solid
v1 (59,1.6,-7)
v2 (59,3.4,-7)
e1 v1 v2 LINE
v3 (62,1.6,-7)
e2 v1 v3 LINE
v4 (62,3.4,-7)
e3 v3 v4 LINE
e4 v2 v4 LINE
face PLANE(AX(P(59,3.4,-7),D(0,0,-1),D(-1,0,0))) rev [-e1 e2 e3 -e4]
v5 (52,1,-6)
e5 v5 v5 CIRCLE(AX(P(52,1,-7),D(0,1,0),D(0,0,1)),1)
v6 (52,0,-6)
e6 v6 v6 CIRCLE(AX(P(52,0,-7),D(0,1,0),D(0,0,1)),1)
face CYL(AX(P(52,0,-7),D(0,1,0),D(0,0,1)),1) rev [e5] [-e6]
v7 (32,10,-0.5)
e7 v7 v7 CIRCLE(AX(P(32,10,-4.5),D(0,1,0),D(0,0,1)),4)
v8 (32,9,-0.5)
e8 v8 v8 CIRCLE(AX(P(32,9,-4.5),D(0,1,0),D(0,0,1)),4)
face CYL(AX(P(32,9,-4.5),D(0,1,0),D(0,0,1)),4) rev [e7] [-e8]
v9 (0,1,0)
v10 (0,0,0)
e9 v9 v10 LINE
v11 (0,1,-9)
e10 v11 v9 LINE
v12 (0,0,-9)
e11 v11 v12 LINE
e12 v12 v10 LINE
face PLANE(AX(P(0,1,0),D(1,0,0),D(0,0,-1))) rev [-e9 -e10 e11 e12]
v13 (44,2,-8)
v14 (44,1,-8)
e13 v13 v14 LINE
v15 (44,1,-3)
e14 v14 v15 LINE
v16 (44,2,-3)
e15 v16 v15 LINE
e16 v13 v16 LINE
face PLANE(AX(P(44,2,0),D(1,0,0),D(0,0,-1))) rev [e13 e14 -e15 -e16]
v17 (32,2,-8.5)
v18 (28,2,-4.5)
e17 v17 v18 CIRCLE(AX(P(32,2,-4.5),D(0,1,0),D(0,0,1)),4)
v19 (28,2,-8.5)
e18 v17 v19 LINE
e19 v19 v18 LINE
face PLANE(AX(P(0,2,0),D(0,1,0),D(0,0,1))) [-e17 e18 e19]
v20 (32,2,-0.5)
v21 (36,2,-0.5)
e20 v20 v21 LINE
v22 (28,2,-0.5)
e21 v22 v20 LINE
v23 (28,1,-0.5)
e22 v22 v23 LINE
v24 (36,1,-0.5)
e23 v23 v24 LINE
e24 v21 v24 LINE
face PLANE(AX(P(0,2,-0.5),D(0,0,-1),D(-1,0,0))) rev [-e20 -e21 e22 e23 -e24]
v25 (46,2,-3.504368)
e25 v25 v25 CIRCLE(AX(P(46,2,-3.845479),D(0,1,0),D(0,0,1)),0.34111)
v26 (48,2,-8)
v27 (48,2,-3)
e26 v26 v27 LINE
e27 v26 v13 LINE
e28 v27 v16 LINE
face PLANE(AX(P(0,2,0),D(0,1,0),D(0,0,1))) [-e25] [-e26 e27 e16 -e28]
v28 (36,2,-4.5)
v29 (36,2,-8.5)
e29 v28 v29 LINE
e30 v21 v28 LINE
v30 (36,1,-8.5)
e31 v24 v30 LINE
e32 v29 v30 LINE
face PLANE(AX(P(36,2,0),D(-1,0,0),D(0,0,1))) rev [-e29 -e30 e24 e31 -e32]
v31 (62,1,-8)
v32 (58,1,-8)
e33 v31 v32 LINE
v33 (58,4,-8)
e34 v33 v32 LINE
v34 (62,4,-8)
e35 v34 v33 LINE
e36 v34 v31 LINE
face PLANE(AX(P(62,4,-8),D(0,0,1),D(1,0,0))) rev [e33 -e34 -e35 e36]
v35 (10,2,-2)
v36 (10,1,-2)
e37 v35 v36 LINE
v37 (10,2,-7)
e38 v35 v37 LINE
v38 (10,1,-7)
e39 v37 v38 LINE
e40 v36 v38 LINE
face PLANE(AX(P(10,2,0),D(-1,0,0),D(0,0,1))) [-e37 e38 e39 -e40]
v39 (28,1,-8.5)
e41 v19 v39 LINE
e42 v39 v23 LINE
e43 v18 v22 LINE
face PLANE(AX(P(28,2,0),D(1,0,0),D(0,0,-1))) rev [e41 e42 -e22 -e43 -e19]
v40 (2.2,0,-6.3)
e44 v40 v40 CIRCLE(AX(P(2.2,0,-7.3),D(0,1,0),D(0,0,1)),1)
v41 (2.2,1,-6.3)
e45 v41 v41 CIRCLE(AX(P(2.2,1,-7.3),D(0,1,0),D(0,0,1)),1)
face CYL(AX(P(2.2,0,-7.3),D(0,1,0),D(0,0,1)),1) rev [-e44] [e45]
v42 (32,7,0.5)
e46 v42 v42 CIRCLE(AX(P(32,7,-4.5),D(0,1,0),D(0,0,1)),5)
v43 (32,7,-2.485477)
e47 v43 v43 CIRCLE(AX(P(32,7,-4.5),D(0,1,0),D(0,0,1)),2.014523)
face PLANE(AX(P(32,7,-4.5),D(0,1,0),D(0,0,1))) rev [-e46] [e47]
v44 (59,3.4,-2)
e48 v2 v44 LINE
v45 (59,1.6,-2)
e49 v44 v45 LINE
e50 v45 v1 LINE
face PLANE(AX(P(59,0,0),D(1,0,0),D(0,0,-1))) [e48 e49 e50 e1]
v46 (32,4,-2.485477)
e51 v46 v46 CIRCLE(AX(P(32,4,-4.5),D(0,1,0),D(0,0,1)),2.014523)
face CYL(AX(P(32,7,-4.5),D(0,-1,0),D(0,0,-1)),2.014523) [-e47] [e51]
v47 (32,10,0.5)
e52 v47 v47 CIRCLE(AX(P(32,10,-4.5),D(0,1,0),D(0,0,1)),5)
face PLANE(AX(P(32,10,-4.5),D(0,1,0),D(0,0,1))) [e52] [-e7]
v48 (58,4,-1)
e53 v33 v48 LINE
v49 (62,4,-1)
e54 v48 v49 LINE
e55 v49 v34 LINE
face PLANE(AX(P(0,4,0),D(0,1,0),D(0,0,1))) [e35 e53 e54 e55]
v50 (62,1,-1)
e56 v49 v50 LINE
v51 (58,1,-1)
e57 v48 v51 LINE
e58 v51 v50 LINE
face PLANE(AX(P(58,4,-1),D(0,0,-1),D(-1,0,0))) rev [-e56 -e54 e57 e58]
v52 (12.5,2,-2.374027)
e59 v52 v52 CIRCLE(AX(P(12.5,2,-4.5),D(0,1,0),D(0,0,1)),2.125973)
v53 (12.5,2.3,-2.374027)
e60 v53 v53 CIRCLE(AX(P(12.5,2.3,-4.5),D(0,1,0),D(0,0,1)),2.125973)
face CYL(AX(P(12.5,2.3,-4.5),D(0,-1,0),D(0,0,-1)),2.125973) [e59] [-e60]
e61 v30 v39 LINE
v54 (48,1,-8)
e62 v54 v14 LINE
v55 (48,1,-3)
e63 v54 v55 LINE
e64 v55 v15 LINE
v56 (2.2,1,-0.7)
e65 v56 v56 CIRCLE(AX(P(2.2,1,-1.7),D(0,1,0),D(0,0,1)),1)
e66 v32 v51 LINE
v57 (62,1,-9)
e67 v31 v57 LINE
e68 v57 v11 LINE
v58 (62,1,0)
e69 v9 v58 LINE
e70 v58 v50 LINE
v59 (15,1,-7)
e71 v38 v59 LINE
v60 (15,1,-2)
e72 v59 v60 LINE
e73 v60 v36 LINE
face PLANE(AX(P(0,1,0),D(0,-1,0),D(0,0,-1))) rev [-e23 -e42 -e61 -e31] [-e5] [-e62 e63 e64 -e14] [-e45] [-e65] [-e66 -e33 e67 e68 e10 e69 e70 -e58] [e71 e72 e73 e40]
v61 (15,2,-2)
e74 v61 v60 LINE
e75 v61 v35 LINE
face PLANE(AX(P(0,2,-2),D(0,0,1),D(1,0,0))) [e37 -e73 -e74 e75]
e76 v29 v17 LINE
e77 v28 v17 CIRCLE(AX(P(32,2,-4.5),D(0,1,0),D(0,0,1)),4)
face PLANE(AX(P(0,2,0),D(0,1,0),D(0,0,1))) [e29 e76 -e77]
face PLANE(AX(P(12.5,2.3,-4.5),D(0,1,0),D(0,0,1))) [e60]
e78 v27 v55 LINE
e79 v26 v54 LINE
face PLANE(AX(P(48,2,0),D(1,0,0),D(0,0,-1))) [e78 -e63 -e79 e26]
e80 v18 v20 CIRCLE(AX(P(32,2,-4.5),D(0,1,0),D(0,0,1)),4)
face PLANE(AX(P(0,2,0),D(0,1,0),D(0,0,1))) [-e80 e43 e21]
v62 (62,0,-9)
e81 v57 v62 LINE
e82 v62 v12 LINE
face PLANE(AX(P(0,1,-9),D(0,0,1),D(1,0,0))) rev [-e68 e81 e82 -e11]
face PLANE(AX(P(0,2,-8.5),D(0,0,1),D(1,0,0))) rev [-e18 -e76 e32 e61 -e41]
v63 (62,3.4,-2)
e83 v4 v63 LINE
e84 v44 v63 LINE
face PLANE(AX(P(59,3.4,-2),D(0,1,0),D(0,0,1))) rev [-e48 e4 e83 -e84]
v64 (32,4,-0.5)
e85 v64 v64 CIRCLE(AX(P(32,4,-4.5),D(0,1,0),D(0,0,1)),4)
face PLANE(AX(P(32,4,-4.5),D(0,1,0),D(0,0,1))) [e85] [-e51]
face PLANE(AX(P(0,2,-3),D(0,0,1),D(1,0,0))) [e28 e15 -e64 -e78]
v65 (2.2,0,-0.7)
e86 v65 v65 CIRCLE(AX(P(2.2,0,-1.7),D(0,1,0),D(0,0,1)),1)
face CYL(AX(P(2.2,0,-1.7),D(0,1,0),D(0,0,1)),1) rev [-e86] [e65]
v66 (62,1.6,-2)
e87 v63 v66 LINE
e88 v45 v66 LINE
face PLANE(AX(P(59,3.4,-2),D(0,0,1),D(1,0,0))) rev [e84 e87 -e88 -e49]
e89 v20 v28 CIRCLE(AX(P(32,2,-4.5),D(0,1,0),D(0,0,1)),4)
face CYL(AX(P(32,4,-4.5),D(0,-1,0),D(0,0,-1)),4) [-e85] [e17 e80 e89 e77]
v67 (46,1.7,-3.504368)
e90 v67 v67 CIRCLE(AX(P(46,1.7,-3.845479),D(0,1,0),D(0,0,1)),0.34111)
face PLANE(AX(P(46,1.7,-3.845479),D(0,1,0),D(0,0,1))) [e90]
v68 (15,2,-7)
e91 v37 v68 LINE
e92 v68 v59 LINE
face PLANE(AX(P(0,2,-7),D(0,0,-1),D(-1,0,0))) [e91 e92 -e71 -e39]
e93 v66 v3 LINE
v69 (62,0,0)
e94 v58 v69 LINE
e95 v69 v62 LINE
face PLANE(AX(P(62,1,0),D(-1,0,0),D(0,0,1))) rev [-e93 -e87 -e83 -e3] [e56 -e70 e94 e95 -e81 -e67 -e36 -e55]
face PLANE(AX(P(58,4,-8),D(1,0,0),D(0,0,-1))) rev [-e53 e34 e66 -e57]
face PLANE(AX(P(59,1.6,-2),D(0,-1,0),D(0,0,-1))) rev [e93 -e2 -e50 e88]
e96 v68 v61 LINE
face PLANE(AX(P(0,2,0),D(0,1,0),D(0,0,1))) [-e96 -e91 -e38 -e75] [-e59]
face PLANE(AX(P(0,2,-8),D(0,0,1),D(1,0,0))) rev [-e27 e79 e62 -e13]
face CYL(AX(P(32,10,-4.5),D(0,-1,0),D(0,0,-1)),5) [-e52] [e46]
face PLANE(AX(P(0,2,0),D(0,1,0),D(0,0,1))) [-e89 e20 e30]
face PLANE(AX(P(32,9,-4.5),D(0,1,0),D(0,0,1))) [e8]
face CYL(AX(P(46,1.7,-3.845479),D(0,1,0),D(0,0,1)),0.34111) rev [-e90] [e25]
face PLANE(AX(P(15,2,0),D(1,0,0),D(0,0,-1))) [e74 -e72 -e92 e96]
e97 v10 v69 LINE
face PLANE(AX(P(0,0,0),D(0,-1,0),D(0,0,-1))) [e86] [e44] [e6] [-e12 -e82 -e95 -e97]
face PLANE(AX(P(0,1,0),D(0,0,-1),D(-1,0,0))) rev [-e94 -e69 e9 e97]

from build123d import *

# Parameters (mm, degrees)
SKETCH1_W            = 62
SKETCH1_H            = 9
BOSS_EXTRUDE1_DEPTH  = 1
BOSS_EXTRUDE2_DEPTH  = 3
SKETCH3_W            = 5
SKETCH3_H            = 1.8
CUT_EXTRUDE1_DEPTH   = 3
SKETCH4_R            = 1
CUT_EXTRUDE2_DEPTH   = 63.721607122
SKETCH5_W            = 4
SKETCH5_H            = 5
BOSS_EXTRUDE4_DEPTH  = 1
BOSS_EXTRUDE5_DEPTH  = 1
SKETCH7_R            = 2.125973312
BOSS_EXTRUDE6_DEPTH  = 0.3
BOSS_EXTRUDE7_DEPTH  = 1
SKETCH9_R            = 4
BOSS_EXTRUDE8_DEPTH  = 2
SKETCH10_R           = 2.014523047
BOSS_EXTRUDE9_DEPTH  = 3
SKETCH11_R           = 5
BOSS_EXTRUDE10_DEPTH = 3
CUT_EXTRUDE3_START   = -1
SKETCH12_R           = 4
CUT_EXTRUDE3_DEPTH   = 1
SKETCH13_R           = 0.341110464
CUT_EXTRUDE4_DEPTH   = 0.3


with BuildPart() as part:
    # Sketch1 → Boss-Extrude1 (new body)
    with BuildSketch(Plane(origin=(0, 0, 0), x_dir=(1, 0, 0), z_dir=(0, 1, 0))):
        with Locations((31, 4.5)):
            Rectangle(SKETCH1_W, SKETCH1_H)
    extrude(amount=BOSS_EXTRUDE1_DEPTH)

    # Sketch2 → Boss-Extrude2 (add)
    with BuildSketch(Plane(origin=(0, 1, 0), x_dir=(1, 0, 0), z_dir=(0, 1, 0))):
        Polygon((62, 4.5), (62, 8), (58, 8), (58, 1), (62, 1), align=None)
    extrude(amount=BOSS_EXTRUDE2_DEPTH)

    # Sketch3 → Cut-Extrude1 (cut)
    with BuildSketch(Plane(origin=(62, 0, 0), x_dir=(0, 0, -1), z_dir=(1, 0, 0))):
        with Locations((4.5, 2.5)):
            Rectangle(SKETCH3_W, SKETCH3_H)
    extrude(amount=-CUT_EXTRUDE1_DEPTH, mode=Mode.SUBTRACT)

    # Sketch4 → Cut-Extrude2 (cut, through all)
    with BuildSketch(Plane(origin=(0, 1, 0), x_dir=(1, 0, 0), z_dir=(0, 1, 0))):
        with Locations(Location((2.2, 7.3, 0), (0, 0, 270))):
            Circle(SKETCH4_R)
        with Locations(Location((2.2, 1.7, 0), (0, 0, 270))):
            Circle(SKETCH4_R)
        with Locations(Location((52, 7, 0), (0, 0, 270))):
            Circle(SKETCH4_R)
    extrude(amount=-CUT_EXTRUDE2_DEPTH, mode=Mode.SUBTRACT)

    # Sketch5 → Boss-Extrude4 (add)
    with BuildSketch(Plane(origin=(0, 1, 0), x_dir=(1, 0, 0), z_dir=(0, 1, 0))):
        with Locations((46, 5.5)):
            Rectangle(SKETCH5_W, SKETCH5_H)
    extrude(amount=BOSS_EXTRUDE4_DEPTH)

    # Sketch6 → Boss-Extrude5 (add)
    with BuildSketch(Plane(origin=(0, 1, 0), x_dir=(1, 0, 0), z_dir=(0, 1, 0))):
        Polygon((10, 2), (10, 4.5), (10, 7), (15, 7), (15, 4.5), (15, 2), align=None)
    extrude(amount=BOSS_EXTRUDE5_DEPTH)

    # Sketch7 → Boss-Extrude6 (add)
    with BuildSketch(Plane(origin=(0, 2, 0), x_dir=(1, 0, 0), z_dir=(0, 1, 0))):
        with Locations(Location((12.5, 4.5, 0), (0, 0, 270))):
            Circle(SKETCH7_R)
    extrude(amount=BOSS_EXTRUDE6_DEPTH)

    # Sketch8 → Boss-Extrude7 (add)
    with BuildSketch(Plane(origin=(0, 1, 0), x_dir=(1, 0, 0), z_dir=(0, 1, 0))):
        Polygon((36, 8.5), (28, 8.5), (28, 4.5), (28, 0.5), (36, 0.5), (36, 4.5), align=None)
    extrude(amount=BOSS_EXTRUDE7_DEPTH)

    # Sketch9 → Boss-Extrude8 (add)
    with BuildSketch(Plane(origin=(0, 2, 0), x_dir=(1, 0, 0), z_dir=(0, 1, 0))):
        with Locations(Location((32, 4.5, 0), (0, 0, 270))):
            Circle(SKETCH9_R)
    extrude(amount=BOSS_EXTRUDE8_DEPTH)

    # Sketch10 → Boss-Extrude9 (add)
    with BuildSketch(Plane(origin=(0, 4, 0), x_dir=(1, 0, 0), z_dir=(0, 1, 0))):
        with Locations(Location((32, 4.5, 0), (0, 0, 270))):
            Circle(SKETCH10_R)
    extrude(amount=BOSS_EXTRUDE9_DEPTH)

    # Sketch11 → Boss-Extrude10 (add)
    with BuildSketch(Plane(origin=(0, 7, 0), x_dir=(1, 0, 0), z_dir=(0, 1, 0))):
        with Locations(Location((32, 4.5, 0), (0, 0, 270))):
            Circle(SKETCH11_R)
    extrude(amount=BOSS_EXTRUDE10_DEPTH)

    # Sketch12 → Cut-Extrude3 (cut)
    with BuildSketch(Plane(origin=(0, 10, 0), x_dir=(1, 0, 0), z_dir=(0, 1, 0)).offset(CUT_EXTRUDE3_START)):
        with Locations(Location((32, 4.5, 0), (0, 0, 270))):
            Circle(SKETCH12_R)
    extrude(amount=CUT_EXTRUDE3_DEPTH, mode=Mode.SUBTRACT)

    # Sketch13 → Cut-Extrude4 (cut)
    with BuildSketch(Plane(origin=(0, 2, 0), x_dir=(1, 0, 0), z_dir=(0, 1, 0))):
        with Locations(Location((46, 3.845478616, 0), (0, 0, 270))):
            Circle(SKETCH13_R)
    extrude(amount=-CUT_EXTRUDE4_DEPTH, mode=Mode.SUBTRACT)


solid = part.part
